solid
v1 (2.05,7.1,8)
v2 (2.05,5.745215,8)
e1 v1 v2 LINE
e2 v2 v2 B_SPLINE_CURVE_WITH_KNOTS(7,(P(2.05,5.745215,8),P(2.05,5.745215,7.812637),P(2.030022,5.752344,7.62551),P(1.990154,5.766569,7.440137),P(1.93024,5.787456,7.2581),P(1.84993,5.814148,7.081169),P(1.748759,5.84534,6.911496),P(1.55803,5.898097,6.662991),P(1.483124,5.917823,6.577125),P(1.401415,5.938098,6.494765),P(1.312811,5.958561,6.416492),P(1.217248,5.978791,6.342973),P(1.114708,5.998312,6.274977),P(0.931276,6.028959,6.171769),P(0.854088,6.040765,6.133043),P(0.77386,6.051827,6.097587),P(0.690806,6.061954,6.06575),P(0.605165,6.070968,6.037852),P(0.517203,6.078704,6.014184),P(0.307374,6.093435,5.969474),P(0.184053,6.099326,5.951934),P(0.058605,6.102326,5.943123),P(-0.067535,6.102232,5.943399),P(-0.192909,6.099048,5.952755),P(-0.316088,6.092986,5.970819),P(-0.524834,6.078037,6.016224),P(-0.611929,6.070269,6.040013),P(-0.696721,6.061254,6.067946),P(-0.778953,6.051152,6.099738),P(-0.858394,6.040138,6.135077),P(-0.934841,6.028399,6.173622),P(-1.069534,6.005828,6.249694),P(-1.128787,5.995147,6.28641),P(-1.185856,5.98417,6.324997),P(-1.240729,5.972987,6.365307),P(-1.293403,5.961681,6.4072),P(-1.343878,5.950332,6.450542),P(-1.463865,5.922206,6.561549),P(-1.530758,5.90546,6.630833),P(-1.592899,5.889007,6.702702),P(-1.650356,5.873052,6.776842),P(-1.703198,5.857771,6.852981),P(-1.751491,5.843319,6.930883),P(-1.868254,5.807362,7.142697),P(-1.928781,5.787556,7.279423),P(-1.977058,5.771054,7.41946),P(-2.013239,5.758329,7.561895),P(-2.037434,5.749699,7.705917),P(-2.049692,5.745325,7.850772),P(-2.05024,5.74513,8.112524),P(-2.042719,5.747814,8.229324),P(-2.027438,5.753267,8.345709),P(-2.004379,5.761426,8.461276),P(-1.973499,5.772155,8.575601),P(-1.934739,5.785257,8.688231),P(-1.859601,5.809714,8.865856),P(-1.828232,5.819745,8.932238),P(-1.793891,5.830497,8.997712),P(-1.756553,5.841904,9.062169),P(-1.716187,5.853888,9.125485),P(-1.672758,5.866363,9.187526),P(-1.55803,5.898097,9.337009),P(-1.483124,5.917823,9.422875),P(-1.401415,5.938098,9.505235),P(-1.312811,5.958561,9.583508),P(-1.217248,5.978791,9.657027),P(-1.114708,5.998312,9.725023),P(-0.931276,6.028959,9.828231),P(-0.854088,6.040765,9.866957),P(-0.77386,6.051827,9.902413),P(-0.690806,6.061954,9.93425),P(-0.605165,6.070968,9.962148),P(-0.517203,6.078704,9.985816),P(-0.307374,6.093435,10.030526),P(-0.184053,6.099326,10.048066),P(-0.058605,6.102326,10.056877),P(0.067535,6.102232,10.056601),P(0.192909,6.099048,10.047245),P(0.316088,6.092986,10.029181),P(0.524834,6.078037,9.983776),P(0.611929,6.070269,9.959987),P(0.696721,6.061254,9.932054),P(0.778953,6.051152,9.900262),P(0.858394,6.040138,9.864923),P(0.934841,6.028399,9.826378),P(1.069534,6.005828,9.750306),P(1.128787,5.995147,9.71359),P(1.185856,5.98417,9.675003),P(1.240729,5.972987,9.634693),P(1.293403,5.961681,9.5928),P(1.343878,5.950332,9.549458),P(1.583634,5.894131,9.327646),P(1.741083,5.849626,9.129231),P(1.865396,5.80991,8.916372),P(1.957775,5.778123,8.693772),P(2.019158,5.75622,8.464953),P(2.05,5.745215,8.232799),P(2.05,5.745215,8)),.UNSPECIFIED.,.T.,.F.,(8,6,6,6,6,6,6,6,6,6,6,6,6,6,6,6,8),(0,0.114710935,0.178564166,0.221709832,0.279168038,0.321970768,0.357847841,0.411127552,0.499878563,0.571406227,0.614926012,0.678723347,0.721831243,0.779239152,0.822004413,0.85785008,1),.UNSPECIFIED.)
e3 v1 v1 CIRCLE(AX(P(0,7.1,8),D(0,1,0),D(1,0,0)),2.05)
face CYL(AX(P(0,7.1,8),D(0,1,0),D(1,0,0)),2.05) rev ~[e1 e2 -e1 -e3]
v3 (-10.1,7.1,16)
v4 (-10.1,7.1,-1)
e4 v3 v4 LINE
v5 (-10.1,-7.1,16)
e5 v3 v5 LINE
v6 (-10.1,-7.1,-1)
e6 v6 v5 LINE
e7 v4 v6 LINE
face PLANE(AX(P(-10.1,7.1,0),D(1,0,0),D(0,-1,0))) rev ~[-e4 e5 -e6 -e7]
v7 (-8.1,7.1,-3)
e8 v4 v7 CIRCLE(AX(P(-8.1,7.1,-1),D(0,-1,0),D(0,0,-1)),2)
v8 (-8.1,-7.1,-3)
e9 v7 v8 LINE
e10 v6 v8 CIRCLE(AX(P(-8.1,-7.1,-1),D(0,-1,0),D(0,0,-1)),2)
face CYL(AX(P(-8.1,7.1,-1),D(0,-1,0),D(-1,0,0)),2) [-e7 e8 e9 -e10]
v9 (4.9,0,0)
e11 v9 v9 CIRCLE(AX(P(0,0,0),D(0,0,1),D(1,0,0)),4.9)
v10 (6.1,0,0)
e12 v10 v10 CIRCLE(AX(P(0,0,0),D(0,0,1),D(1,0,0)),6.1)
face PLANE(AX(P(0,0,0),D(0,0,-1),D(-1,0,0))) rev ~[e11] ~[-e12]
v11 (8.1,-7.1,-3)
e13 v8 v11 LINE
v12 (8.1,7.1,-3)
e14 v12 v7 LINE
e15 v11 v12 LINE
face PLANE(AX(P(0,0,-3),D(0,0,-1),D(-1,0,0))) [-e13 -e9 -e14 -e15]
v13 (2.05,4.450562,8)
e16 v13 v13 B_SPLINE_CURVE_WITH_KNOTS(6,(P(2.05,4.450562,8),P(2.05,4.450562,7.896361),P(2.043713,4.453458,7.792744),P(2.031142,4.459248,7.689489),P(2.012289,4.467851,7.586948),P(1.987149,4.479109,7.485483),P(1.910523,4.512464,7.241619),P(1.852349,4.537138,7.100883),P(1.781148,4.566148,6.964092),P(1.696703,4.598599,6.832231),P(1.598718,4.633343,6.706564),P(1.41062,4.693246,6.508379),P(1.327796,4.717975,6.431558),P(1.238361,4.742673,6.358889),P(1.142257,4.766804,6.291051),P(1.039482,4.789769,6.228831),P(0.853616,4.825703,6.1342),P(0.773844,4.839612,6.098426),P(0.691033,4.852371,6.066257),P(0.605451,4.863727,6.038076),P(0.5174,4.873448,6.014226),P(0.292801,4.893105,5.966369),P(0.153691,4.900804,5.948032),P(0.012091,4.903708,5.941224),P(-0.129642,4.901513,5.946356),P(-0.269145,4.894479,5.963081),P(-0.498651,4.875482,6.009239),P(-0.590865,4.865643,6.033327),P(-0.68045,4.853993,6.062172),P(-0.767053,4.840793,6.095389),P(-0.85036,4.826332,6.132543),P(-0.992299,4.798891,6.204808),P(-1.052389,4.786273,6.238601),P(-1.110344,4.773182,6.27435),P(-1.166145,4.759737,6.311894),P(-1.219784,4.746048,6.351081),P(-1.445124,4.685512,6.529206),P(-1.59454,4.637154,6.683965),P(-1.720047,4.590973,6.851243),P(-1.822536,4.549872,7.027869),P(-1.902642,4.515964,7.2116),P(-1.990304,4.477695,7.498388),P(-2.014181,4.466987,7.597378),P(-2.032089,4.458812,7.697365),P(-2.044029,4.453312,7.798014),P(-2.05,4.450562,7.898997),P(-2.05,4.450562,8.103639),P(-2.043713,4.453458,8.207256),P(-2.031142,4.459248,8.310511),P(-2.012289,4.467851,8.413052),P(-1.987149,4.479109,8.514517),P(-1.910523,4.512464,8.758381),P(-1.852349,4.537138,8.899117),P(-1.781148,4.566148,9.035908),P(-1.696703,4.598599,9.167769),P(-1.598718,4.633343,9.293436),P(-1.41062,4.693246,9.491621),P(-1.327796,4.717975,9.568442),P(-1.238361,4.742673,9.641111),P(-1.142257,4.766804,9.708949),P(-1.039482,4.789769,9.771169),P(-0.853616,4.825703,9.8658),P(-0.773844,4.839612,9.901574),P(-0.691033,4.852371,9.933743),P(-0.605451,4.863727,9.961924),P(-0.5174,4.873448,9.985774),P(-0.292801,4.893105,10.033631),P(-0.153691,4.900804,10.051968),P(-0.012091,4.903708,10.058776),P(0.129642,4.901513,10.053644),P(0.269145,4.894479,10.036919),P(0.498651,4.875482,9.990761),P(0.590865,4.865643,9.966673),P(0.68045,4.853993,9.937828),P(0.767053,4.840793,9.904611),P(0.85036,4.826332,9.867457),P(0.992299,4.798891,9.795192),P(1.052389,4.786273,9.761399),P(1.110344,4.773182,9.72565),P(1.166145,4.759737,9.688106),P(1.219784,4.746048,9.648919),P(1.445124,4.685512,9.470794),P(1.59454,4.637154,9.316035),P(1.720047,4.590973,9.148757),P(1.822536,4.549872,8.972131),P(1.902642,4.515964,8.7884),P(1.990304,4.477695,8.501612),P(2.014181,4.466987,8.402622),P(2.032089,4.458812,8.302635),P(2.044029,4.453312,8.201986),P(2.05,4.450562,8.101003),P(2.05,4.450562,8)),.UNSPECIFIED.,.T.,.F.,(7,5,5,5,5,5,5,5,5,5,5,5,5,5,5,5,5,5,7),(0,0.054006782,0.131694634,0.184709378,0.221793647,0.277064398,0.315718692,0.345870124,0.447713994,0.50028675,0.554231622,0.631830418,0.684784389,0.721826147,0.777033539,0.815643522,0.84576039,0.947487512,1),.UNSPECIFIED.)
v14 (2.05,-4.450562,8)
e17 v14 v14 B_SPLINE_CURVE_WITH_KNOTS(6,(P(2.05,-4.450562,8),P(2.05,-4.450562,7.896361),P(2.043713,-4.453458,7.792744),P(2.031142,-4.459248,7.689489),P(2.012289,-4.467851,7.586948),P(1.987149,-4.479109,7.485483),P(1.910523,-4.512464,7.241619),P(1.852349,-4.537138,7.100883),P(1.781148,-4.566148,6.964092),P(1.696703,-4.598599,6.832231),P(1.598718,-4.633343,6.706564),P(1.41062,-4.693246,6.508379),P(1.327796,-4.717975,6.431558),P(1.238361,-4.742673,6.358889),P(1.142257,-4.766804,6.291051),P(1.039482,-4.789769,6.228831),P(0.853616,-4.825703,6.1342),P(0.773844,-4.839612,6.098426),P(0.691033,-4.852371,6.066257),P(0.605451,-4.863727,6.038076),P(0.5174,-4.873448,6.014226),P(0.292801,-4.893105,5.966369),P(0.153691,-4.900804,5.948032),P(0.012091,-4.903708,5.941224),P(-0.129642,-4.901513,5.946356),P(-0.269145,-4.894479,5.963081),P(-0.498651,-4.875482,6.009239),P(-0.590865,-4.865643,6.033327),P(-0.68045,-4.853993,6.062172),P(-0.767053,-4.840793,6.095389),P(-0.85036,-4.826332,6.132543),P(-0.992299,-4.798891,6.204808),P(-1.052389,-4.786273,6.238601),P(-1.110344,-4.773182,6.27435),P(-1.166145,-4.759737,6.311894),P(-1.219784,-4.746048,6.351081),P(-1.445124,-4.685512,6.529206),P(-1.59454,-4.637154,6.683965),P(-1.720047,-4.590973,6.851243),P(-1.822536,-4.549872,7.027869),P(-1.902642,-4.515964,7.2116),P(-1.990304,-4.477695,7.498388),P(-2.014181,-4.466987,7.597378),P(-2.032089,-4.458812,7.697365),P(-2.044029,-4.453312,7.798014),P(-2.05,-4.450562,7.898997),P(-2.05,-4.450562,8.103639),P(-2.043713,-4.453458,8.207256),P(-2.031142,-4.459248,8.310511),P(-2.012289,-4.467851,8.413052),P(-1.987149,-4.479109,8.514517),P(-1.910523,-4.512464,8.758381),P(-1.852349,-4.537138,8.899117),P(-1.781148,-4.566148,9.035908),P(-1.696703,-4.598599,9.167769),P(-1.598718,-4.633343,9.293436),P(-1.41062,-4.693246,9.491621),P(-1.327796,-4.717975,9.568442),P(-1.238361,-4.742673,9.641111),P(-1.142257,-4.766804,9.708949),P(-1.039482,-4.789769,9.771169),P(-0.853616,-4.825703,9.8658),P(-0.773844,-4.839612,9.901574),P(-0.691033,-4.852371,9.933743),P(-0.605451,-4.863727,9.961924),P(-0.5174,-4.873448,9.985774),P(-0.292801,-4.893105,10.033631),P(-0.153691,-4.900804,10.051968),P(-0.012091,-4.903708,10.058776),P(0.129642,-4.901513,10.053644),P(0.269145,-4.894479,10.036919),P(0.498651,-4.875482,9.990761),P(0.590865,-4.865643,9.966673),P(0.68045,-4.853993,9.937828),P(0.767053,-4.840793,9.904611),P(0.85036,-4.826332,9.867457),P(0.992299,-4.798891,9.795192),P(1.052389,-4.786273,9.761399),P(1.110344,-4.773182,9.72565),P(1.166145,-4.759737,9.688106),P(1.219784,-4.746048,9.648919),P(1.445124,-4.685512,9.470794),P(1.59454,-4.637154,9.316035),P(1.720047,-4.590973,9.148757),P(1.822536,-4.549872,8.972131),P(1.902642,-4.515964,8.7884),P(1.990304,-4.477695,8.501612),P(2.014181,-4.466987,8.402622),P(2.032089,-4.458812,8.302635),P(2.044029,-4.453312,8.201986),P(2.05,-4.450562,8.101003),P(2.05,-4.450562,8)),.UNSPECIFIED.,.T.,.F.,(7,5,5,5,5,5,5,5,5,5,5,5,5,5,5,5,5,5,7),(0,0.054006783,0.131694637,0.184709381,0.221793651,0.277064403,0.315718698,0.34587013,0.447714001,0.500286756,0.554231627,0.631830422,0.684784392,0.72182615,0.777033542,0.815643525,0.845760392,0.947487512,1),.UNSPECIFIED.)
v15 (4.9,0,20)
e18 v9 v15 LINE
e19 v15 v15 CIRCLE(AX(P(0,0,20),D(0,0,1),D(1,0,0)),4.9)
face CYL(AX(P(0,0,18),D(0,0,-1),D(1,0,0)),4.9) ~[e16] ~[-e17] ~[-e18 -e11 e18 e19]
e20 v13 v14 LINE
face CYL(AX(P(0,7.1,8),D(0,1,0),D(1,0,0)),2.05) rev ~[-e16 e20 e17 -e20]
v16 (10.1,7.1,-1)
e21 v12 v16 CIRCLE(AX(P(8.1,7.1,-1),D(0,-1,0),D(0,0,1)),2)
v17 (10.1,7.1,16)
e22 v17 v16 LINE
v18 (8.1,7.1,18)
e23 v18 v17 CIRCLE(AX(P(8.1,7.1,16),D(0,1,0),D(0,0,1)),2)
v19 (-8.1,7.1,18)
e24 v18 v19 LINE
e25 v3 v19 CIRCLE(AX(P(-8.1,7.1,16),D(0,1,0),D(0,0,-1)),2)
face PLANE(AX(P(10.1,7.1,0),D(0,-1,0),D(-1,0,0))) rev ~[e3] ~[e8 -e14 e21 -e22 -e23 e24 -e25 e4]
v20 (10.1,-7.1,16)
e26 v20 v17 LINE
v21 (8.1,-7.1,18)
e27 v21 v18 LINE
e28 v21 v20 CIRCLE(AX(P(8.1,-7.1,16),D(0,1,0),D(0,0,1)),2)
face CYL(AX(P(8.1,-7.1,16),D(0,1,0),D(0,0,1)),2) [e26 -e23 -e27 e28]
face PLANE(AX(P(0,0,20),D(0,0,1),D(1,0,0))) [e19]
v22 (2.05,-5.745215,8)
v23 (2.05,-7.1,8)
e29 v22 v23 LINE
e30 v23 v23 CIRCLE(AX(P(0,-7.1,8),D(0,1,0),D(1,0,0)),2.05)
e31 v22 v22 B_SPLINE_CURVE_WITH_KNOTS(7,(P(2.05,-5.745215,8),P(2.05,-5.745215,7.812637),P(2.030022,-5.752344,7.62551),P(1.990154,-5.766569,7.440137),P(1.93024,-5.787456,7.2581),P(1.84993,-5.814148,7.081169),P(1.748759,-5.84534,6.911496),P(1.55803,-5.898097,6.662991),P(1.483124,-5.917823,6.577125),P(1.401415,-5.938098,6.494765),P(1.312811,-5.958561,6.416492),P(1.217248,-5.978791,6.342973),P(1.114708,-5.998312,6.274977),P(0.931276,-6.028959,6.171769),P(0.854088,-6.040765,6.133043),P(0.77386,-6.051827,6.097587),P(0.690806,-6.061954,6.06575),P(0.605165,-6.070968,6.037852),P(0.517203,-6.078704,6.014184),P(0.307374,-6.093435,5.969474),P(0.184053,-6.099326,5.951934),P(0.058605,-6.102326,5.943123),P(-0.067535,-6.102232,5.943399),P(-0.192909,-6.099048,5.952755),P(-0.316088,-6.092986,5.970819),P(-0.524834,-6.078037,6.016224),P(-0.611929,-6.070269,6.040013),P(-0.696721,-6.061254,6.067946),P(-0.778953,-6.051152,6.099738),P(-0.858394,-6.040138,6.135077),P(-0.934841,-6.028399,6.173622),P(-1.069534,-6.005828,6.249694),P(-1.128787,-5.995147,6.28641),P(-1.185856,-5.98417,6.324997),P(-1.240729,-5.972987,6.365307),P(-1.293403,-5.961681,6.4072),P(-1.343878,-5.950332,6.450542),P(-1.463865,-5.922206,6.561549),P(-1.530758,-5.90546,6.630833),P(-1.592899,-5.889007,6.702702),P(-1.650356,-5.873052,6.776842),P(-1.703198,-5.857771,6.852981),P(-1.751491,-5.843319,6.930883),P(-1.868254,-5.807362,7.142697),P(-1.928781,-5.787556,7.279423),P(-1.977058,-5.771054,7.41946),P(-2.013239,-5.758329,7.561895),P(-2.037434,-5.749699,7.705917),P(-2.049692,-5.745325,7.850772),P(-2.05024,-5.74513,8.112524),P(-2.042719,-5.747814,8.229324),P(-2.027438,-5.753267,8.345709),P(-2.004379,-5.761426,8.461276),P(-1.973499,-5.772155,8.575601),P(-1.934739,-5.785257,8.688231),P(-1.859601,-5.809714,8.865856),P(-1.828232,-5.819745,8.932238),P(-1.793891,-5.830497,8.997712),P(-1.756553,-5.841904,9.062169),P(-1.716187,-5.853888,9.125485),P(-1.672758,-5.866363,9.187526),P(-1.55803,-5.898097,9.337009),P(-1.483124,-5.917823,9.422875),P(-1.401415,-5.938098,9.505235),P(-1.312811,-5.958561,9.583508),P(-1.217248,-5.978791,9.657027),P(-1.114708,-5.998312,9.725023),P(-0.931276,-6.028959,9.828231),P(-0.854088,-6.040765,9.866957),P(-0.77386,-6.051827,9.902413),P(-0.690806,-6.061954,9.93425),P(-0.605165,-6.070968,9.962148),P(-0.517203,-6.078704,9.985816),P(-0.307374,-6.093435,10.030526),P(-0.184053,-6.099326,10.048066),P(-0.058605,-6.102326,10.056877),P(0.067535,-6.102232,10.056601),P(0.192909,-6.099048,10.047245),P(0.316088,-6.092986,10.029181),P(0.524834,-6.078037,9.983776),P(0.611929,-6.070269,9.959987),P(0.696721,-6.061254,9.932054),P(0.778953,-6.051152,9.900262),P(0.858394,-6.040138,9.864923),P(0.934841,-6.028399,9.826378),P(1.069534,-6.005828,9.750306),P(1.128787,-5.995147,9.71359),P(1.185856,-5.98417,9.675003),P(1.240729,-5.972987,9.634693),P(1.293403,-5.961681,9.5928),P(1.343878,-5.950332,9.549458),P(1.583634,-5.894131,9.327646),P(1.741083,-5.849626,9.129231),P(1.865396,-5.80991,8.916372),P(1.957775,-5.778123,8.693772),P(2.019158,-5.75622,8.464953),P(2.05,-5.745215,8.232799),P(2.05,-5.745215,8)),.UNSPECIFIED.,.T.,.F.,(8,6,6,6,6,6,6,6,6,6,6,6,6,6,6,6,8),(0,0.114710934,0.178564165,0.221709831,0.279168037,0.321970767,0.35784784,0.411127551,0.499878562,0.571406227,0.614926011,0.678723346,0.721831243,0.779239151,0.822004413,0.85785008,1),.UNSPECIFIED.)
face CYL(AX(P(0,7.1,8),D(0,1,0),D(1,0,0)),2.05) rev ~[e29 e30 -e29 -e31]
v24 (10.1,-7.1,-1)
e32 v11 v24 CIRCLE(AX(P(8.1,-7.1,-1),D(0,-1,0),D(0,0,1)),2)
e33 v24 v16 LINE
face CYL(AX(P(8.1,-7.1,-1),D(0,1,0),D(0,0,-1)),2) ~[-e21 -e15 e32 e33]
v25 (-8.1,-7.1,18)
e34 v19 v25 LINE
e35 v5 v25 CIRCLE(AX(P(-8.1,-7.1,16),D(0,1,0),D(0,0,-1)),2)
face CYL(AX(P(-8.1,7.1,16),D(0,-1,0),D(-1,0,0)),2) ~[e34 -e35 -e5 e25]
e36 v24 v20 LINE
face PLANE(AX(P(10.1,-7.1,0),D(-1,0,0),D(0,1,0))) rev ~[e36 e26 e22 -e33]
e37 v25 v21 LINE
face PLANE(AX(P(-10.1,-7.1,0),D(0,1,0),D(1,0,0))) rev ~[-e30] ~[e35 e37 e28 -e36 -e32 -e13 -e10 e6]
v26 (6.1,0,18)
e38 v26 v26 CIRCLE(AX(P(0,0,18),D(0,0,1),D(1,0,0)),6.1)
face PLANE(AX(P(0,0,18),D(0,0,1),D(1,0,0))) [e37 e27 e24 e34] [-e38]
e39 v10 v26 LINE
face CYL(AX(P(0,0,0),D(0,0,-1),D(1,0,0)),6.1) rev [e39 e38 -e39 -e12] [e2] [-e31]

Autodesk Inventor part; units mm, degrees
ref_plane "XZ Plane" through (0, 0, 0) normal (0, 1, 0) x (-1, 0, 0)
ref_plane "XY Plane" through (0, 0, 0) normal (0, 0, 1) x (1, 0, 0)
sketch "Sketch1" plane through (0, 0, 0) normal (0, 0, 1) x (1, 0, 0)
  circle A0 centre (0, 0) radius 4.9
  circle A1 centre (0, 0) radius 6.1
  line L0 (-10.1, -7.1) -> (10.1, -7.1)
  line L1 (10.1, -7.1) -> (10.1, 7.1)
  line L2 (10.1, 7.1) -> (-10.1, 7.1)
  line L3 (-10.1, 7.1) -> (-10.1, -7.1)
  line L4 (-10.1, -7.1) -> (10.1, 7.1) construction
  line L5 (10.1, -7.1) -> (-10.1, 7.1) construction
  dimension "d0" = 9.8
  dimension "d1" = 12.2
  dimension "d3" = 4
  dimension "d4" = 1
extrude "Extrusion1" add sketch "Sketch1" along normal blind 18
sketch "Sketch2" plane through (0, 0, 18) normal (0, 0, 1) x (1, 0, 0)
  circle A0 centre (0, 0) radius 4.9 projected
extrude "Extrusion2" add sketch "Sketch2" along normal blind 2
sketch "Sketch3" plane through (0, 0, 0) normal (0, 0, -1) x (-1, 0, 0)
  line L0 (-10.1, -7.1) -> (-10.1, 7.1) projected
  line L1 (10.1, -7.1) -> (-10.1, -7.1) projected
  line L2 (10.1, 7.1) -> (10.1, -7.1) projected
  line L3 (-10.1, 7.1) -> (10.1, 7.1) projected
  circle A0 centre (0, 0) radius 6.1 projected
extrude "Extrusion3" add sketch "Sketch3" along normal blind 3 contours L0 L3 L2 L1 | A0
ref_plane "Work Plane1" through (0, -7.1, 18) normal (-1, 0, 0) x (0, 0, 1)
sketch "Sketch6" plane through (-10.1, 7.1, 18) normal (0, 1, 0) x (1, 0, 0)
  line L0 (5.2, 18) -> (15, 18) projected
  line L1 (16.2, 18) -> (4, 18) projected
  line L2 (20.2, 0) -> (0, 0) projected
  line L3 (0, 21) -> (20.2, 21) projected
  line L4 (16.2, 0) -> (16.2, 18) projected
  line L5 (4, 0) -> (4, 18) projected
  circle A0 centre (10.1, 10) radius 2.05
  line L6 (0, 21) -> (0, 0) projected
  line L7 (20.2, 21) -> (20.2, 0) projected
  point P0 (10.1, 18)
  point P1 (10.1, 18)
  dimension "d49" = 4.1
  dimension "d50" = 10
extrude "Extrusion12" cut sketch "Sketch6" against normal blind 100 contours A0
fillet "Fillet5" radius 2 4 edges at (10.1, 0, 18) (-10.1, 0, 18) (10.1, 0, -3) (-10.1, 0, -3)
sketch "Sketch14" plane through (-8.1, -7.1, -3) normal (0, -1, 0) x (1, 0, 0)
  circle A0 centre (8.1, 11) radius 2.05 projected
  line L0 (8.1, 15.0415) -> (11.6, 13.0207)
  line L1 (11.6, 13.0207) -> (11.6, 8.9793)
  line L2 (11.6, 8.9793) -> (8.1, 6.9585)
  line L3 (8.1, 6.9585) -> (4.6, 8.9793)
  line L4 (4.6, 8.9793) -> (4.6, 13.0207)
  line L5 (4.6, 13.0207) -> (8.1, 15.0415)
  circle A1 centre (8.1, 11) radius 8
  point P0 (8.1, 3)
  dimension "d69" = 7
  dimension "d73" = 16
sketch "Sketch15" plane through (0, -12.1, 8) normal (0, -1, 0) x (1, 0, 0)
  line L0 (3.4, -1) -> (4.8, -1)
  line L1 (4.8, -1) -> (4.8, -7.2415)
  line L2 (4.8, -7.2415) -> (3.4, -7.2415)
  line L3 (3.4, -7.2415) -> (3.4, -1)
  line L4 (3.4, -1) -> (4.8, -7.2415) construction
  line L5 (4.8, -1) -> (3.4, -7.2415) construction
  line L6 (0, 16.6) -> (0, -15.6) projected
  circle A0 centre (0, 0) radius 2.05 projected
  circle A1 centre (0, 0) radius 4.5
  circle A2 centre (0, 0) radius 8 projected
  line L7 (0, 4.0415) -> (3.5, 2.0207) projected
  line L8 (3.5, 2.0207) -> (3.5, -2.0207) projected
  line L9 (3.5, -2.0207) -> (0, -4.0415) projected
  line L10 (0, -4.0415) -> (-3.5, -2.0207) projected
  line L11 (-3.5, -2.0207) -> (-3.5, 2.0207) projected
  line L12 (-3.5, 2.0207) -> (0, 4.0415) projected
  circle A3 centre (0, 0) radius 8 projected
  line L13 (1.4, -7.8765) -> (3.4, -7.8765)
  line L14 (3.4, -7.8765) -> (3.4, -4.8765)
  line L15 (3.4, -4.8765) -> (1.4, -4.8765)
  line L16 (1.4, -4.8765) -> (1.4, -7.8765)
  line L17 (4.8, -6.4) -> (6.8, -6.4)
  line L18 (6.8, -6.4) -> (6.8, -2.4)
  line L19 (6.8, -2.4) -> (4.8, -2.4)
  line L20 (4.8, -2.4) -> (4.8, -6.4)
  line L21 (4.8, 1) -> (3.4, 1)
  line L22 (3.4, 1) -> (3.4, 7.2415)
  line L23 (3.4, 7.2415) -> (4.8, 7.2415)
  line L24 (4.8, 7.2415) -> (4.8, 1)
  line L25 (4.8, 1) -> (3.4, 7.2415) construction
  line L26 (3.4, 1) -> (4.8, 7.2415) construction
  line L27 (4.8, 6.4) -> (6.8, 6.4)
  line L28 (6.8, 6.4) -> (6.8, 3.4)
  line L29 (6.8, 3.4) -> (4.8, 3.4)
  line L30 (4.8, 3.4) -> (4.8, 6.4)
  line L31 (1.4, 8.7415) -> (3.4, 8.7415)
  line L32 (3.4, 8.7415) -> (3.4, 5.7415)
  line L33 (3.4, 5.7415) -> (1.4, 5.7415)
  line L34 (1.4, 5.7415) -> (1.4, 8.7415)
  point P0 (0, -8)
  point P1 (4.1, -4.1208)
  point P2 (2.05, 0)
  point P3 (4.8, -6.4)
  point P4 (6.8, -4.2143)
  point P5 (4.1, 4.1208)
  point P6 (4.8, 3.4)
  point P7 (6.8, 4.2143)
  point P8 (4.8, 6.4)
  point P9 (1.4, 7.8765)
  point P10 (4.8, 6.4)
  dimension "d74" = 4.1
  dimension "d75" = 1.4
  dimension "d76" = 9
  dimension "d77" = 1
  dimension "d78" = 2
  dimension "d79" = 3
  dimension "d80" = 2
  dimension "d81" = 4
  dimension "d84" = 1.4
  dimension "d85" = 1
  dimension "d86" = 4.1
  dimension "d87" = 2
  dimension "d88" = 3
  dimension "d89" = 2
  dimension "d90" = 3
  dimension "d97" = 1.5
sketch "Sketch16" plane through (-3.5, -7.1, 5.9793) normal (0, -1, 0) x (1, 0, 0)
  line L0 (3.5, 6.0622) -> (0, 4.0415) projected
  line L1 (0, 4.0415) -> (0, 0) projected
  line L2 (0, 0) -> (3.5, -2.0207) projected
  line L3 (3.5, -2.0207) -> (7, 0) projected
  line L4 (7, 0) -> (7, 4.0415) projected
  line L5 (7, 4.0415) -> (3.5, 6.0622) projected
  circle A0 centre (3.5, 2.0207) radius 2.05 projected
  point P0 (3.5, -5.9793)
sketch "Sketch17" plane through (-8.1, -12.1, -3) normal (0, -1, 0) x (1, 0, 0)
  arc A0 (12.9, 17.4) -> (11.5, 18.2415) centre (8.1, 11) ccw projected
  circle A1 centre (8.1, 11) radius 25
  circle A2 centre (8.1, 11) radius 8
  point P0 (8.1, 3)
  point P1 (9.5, 18.8765)
  point P2 (9.5, 18.8765)
  point P3 (14.9, 15.2143)
  dimension "d94" = 17
sketch "Sketch18" plane through (-8.1, -7.1, -3) normal (0, -1, 0) x (1, 0, 0)
  circle A0 centre (8.1, 11) radius 25 projected
  arc A1 (-2, 2) -> (0, 0) centre (0, 2) ccw projected
  line L0 (16.2, 0) -> (0, 0) projected
  arc A2 (16.2, 0) -> (18.2, 2) centre (16.2, 2) ccw projected
  line L1 (18.2, 19) -> (18.2, 2) projected
  arc A3 (18.2, 19) -> (16.2, 21) centre (16.2, 19) ccw projected
  line L2 (0, 21) -> (16.2, 21) projected
  arc A4 (0, 21) -> (-2, 19) centre (0, 19) ccw projected
  line L3 (-2, 2) -> (-2, 19) projected
  circle A5 centre (8.1, 11) radius 8 projected
  point P0 (8.1, 3)
sketch "Sketch20" plane through (0, -12.1, 8) normal (0, -1, 0) x (1, 0, 0)
  circle A0 centre (0, 0) radius 25 projected
  circle A1 centre (0, 0) radius 22
  point P0 (0, -8)
  dimension "d104" = 3
sketch "Sketch21" plane through (-8.1, -5.1, -3) normal (0, 1, 0) x (1, 0, 0)
  arc A0 (11.4466, -35.775) -> (4.7534, -35.775) centre (8.1, -11) ccw projected
  arc A1 (11.3011, -32.7659) -> (4.8989, -32.7659) centre (8.1, -11) ccw
  circle A2 centre (8.1, -11) radius 2.05 projected
  circle A3 centre (8.1, -11) radius 22
  circle A4 centre (8.1, -11) radius 22 projected
  line L0 (0.1, -31.4939) -> (0.1, -34.6854)
  line L1 (16.1, -31.4939) -> (16.1, -34.6854)
  point P0 (8.1, -3)
  point P1 (11.4466, -33.7552)
  point P2 (4.7534, -33.7552)
  point P3 (16.1, -31.4939)
  point P4 (18.1, -31.7123)
  point P5 (-1.9, -31.7123)
  dimension "d107" = 3
  dimension "d108" = 8
  dimension "d109" = 8
  dimension "d124" = 37
  dimension "d125" = 19
  dimension "d126" = 1.5
  dimension "d127" = 1.5
  dimension "d130" = 360
properties part number "Primary_hinge_V2"
